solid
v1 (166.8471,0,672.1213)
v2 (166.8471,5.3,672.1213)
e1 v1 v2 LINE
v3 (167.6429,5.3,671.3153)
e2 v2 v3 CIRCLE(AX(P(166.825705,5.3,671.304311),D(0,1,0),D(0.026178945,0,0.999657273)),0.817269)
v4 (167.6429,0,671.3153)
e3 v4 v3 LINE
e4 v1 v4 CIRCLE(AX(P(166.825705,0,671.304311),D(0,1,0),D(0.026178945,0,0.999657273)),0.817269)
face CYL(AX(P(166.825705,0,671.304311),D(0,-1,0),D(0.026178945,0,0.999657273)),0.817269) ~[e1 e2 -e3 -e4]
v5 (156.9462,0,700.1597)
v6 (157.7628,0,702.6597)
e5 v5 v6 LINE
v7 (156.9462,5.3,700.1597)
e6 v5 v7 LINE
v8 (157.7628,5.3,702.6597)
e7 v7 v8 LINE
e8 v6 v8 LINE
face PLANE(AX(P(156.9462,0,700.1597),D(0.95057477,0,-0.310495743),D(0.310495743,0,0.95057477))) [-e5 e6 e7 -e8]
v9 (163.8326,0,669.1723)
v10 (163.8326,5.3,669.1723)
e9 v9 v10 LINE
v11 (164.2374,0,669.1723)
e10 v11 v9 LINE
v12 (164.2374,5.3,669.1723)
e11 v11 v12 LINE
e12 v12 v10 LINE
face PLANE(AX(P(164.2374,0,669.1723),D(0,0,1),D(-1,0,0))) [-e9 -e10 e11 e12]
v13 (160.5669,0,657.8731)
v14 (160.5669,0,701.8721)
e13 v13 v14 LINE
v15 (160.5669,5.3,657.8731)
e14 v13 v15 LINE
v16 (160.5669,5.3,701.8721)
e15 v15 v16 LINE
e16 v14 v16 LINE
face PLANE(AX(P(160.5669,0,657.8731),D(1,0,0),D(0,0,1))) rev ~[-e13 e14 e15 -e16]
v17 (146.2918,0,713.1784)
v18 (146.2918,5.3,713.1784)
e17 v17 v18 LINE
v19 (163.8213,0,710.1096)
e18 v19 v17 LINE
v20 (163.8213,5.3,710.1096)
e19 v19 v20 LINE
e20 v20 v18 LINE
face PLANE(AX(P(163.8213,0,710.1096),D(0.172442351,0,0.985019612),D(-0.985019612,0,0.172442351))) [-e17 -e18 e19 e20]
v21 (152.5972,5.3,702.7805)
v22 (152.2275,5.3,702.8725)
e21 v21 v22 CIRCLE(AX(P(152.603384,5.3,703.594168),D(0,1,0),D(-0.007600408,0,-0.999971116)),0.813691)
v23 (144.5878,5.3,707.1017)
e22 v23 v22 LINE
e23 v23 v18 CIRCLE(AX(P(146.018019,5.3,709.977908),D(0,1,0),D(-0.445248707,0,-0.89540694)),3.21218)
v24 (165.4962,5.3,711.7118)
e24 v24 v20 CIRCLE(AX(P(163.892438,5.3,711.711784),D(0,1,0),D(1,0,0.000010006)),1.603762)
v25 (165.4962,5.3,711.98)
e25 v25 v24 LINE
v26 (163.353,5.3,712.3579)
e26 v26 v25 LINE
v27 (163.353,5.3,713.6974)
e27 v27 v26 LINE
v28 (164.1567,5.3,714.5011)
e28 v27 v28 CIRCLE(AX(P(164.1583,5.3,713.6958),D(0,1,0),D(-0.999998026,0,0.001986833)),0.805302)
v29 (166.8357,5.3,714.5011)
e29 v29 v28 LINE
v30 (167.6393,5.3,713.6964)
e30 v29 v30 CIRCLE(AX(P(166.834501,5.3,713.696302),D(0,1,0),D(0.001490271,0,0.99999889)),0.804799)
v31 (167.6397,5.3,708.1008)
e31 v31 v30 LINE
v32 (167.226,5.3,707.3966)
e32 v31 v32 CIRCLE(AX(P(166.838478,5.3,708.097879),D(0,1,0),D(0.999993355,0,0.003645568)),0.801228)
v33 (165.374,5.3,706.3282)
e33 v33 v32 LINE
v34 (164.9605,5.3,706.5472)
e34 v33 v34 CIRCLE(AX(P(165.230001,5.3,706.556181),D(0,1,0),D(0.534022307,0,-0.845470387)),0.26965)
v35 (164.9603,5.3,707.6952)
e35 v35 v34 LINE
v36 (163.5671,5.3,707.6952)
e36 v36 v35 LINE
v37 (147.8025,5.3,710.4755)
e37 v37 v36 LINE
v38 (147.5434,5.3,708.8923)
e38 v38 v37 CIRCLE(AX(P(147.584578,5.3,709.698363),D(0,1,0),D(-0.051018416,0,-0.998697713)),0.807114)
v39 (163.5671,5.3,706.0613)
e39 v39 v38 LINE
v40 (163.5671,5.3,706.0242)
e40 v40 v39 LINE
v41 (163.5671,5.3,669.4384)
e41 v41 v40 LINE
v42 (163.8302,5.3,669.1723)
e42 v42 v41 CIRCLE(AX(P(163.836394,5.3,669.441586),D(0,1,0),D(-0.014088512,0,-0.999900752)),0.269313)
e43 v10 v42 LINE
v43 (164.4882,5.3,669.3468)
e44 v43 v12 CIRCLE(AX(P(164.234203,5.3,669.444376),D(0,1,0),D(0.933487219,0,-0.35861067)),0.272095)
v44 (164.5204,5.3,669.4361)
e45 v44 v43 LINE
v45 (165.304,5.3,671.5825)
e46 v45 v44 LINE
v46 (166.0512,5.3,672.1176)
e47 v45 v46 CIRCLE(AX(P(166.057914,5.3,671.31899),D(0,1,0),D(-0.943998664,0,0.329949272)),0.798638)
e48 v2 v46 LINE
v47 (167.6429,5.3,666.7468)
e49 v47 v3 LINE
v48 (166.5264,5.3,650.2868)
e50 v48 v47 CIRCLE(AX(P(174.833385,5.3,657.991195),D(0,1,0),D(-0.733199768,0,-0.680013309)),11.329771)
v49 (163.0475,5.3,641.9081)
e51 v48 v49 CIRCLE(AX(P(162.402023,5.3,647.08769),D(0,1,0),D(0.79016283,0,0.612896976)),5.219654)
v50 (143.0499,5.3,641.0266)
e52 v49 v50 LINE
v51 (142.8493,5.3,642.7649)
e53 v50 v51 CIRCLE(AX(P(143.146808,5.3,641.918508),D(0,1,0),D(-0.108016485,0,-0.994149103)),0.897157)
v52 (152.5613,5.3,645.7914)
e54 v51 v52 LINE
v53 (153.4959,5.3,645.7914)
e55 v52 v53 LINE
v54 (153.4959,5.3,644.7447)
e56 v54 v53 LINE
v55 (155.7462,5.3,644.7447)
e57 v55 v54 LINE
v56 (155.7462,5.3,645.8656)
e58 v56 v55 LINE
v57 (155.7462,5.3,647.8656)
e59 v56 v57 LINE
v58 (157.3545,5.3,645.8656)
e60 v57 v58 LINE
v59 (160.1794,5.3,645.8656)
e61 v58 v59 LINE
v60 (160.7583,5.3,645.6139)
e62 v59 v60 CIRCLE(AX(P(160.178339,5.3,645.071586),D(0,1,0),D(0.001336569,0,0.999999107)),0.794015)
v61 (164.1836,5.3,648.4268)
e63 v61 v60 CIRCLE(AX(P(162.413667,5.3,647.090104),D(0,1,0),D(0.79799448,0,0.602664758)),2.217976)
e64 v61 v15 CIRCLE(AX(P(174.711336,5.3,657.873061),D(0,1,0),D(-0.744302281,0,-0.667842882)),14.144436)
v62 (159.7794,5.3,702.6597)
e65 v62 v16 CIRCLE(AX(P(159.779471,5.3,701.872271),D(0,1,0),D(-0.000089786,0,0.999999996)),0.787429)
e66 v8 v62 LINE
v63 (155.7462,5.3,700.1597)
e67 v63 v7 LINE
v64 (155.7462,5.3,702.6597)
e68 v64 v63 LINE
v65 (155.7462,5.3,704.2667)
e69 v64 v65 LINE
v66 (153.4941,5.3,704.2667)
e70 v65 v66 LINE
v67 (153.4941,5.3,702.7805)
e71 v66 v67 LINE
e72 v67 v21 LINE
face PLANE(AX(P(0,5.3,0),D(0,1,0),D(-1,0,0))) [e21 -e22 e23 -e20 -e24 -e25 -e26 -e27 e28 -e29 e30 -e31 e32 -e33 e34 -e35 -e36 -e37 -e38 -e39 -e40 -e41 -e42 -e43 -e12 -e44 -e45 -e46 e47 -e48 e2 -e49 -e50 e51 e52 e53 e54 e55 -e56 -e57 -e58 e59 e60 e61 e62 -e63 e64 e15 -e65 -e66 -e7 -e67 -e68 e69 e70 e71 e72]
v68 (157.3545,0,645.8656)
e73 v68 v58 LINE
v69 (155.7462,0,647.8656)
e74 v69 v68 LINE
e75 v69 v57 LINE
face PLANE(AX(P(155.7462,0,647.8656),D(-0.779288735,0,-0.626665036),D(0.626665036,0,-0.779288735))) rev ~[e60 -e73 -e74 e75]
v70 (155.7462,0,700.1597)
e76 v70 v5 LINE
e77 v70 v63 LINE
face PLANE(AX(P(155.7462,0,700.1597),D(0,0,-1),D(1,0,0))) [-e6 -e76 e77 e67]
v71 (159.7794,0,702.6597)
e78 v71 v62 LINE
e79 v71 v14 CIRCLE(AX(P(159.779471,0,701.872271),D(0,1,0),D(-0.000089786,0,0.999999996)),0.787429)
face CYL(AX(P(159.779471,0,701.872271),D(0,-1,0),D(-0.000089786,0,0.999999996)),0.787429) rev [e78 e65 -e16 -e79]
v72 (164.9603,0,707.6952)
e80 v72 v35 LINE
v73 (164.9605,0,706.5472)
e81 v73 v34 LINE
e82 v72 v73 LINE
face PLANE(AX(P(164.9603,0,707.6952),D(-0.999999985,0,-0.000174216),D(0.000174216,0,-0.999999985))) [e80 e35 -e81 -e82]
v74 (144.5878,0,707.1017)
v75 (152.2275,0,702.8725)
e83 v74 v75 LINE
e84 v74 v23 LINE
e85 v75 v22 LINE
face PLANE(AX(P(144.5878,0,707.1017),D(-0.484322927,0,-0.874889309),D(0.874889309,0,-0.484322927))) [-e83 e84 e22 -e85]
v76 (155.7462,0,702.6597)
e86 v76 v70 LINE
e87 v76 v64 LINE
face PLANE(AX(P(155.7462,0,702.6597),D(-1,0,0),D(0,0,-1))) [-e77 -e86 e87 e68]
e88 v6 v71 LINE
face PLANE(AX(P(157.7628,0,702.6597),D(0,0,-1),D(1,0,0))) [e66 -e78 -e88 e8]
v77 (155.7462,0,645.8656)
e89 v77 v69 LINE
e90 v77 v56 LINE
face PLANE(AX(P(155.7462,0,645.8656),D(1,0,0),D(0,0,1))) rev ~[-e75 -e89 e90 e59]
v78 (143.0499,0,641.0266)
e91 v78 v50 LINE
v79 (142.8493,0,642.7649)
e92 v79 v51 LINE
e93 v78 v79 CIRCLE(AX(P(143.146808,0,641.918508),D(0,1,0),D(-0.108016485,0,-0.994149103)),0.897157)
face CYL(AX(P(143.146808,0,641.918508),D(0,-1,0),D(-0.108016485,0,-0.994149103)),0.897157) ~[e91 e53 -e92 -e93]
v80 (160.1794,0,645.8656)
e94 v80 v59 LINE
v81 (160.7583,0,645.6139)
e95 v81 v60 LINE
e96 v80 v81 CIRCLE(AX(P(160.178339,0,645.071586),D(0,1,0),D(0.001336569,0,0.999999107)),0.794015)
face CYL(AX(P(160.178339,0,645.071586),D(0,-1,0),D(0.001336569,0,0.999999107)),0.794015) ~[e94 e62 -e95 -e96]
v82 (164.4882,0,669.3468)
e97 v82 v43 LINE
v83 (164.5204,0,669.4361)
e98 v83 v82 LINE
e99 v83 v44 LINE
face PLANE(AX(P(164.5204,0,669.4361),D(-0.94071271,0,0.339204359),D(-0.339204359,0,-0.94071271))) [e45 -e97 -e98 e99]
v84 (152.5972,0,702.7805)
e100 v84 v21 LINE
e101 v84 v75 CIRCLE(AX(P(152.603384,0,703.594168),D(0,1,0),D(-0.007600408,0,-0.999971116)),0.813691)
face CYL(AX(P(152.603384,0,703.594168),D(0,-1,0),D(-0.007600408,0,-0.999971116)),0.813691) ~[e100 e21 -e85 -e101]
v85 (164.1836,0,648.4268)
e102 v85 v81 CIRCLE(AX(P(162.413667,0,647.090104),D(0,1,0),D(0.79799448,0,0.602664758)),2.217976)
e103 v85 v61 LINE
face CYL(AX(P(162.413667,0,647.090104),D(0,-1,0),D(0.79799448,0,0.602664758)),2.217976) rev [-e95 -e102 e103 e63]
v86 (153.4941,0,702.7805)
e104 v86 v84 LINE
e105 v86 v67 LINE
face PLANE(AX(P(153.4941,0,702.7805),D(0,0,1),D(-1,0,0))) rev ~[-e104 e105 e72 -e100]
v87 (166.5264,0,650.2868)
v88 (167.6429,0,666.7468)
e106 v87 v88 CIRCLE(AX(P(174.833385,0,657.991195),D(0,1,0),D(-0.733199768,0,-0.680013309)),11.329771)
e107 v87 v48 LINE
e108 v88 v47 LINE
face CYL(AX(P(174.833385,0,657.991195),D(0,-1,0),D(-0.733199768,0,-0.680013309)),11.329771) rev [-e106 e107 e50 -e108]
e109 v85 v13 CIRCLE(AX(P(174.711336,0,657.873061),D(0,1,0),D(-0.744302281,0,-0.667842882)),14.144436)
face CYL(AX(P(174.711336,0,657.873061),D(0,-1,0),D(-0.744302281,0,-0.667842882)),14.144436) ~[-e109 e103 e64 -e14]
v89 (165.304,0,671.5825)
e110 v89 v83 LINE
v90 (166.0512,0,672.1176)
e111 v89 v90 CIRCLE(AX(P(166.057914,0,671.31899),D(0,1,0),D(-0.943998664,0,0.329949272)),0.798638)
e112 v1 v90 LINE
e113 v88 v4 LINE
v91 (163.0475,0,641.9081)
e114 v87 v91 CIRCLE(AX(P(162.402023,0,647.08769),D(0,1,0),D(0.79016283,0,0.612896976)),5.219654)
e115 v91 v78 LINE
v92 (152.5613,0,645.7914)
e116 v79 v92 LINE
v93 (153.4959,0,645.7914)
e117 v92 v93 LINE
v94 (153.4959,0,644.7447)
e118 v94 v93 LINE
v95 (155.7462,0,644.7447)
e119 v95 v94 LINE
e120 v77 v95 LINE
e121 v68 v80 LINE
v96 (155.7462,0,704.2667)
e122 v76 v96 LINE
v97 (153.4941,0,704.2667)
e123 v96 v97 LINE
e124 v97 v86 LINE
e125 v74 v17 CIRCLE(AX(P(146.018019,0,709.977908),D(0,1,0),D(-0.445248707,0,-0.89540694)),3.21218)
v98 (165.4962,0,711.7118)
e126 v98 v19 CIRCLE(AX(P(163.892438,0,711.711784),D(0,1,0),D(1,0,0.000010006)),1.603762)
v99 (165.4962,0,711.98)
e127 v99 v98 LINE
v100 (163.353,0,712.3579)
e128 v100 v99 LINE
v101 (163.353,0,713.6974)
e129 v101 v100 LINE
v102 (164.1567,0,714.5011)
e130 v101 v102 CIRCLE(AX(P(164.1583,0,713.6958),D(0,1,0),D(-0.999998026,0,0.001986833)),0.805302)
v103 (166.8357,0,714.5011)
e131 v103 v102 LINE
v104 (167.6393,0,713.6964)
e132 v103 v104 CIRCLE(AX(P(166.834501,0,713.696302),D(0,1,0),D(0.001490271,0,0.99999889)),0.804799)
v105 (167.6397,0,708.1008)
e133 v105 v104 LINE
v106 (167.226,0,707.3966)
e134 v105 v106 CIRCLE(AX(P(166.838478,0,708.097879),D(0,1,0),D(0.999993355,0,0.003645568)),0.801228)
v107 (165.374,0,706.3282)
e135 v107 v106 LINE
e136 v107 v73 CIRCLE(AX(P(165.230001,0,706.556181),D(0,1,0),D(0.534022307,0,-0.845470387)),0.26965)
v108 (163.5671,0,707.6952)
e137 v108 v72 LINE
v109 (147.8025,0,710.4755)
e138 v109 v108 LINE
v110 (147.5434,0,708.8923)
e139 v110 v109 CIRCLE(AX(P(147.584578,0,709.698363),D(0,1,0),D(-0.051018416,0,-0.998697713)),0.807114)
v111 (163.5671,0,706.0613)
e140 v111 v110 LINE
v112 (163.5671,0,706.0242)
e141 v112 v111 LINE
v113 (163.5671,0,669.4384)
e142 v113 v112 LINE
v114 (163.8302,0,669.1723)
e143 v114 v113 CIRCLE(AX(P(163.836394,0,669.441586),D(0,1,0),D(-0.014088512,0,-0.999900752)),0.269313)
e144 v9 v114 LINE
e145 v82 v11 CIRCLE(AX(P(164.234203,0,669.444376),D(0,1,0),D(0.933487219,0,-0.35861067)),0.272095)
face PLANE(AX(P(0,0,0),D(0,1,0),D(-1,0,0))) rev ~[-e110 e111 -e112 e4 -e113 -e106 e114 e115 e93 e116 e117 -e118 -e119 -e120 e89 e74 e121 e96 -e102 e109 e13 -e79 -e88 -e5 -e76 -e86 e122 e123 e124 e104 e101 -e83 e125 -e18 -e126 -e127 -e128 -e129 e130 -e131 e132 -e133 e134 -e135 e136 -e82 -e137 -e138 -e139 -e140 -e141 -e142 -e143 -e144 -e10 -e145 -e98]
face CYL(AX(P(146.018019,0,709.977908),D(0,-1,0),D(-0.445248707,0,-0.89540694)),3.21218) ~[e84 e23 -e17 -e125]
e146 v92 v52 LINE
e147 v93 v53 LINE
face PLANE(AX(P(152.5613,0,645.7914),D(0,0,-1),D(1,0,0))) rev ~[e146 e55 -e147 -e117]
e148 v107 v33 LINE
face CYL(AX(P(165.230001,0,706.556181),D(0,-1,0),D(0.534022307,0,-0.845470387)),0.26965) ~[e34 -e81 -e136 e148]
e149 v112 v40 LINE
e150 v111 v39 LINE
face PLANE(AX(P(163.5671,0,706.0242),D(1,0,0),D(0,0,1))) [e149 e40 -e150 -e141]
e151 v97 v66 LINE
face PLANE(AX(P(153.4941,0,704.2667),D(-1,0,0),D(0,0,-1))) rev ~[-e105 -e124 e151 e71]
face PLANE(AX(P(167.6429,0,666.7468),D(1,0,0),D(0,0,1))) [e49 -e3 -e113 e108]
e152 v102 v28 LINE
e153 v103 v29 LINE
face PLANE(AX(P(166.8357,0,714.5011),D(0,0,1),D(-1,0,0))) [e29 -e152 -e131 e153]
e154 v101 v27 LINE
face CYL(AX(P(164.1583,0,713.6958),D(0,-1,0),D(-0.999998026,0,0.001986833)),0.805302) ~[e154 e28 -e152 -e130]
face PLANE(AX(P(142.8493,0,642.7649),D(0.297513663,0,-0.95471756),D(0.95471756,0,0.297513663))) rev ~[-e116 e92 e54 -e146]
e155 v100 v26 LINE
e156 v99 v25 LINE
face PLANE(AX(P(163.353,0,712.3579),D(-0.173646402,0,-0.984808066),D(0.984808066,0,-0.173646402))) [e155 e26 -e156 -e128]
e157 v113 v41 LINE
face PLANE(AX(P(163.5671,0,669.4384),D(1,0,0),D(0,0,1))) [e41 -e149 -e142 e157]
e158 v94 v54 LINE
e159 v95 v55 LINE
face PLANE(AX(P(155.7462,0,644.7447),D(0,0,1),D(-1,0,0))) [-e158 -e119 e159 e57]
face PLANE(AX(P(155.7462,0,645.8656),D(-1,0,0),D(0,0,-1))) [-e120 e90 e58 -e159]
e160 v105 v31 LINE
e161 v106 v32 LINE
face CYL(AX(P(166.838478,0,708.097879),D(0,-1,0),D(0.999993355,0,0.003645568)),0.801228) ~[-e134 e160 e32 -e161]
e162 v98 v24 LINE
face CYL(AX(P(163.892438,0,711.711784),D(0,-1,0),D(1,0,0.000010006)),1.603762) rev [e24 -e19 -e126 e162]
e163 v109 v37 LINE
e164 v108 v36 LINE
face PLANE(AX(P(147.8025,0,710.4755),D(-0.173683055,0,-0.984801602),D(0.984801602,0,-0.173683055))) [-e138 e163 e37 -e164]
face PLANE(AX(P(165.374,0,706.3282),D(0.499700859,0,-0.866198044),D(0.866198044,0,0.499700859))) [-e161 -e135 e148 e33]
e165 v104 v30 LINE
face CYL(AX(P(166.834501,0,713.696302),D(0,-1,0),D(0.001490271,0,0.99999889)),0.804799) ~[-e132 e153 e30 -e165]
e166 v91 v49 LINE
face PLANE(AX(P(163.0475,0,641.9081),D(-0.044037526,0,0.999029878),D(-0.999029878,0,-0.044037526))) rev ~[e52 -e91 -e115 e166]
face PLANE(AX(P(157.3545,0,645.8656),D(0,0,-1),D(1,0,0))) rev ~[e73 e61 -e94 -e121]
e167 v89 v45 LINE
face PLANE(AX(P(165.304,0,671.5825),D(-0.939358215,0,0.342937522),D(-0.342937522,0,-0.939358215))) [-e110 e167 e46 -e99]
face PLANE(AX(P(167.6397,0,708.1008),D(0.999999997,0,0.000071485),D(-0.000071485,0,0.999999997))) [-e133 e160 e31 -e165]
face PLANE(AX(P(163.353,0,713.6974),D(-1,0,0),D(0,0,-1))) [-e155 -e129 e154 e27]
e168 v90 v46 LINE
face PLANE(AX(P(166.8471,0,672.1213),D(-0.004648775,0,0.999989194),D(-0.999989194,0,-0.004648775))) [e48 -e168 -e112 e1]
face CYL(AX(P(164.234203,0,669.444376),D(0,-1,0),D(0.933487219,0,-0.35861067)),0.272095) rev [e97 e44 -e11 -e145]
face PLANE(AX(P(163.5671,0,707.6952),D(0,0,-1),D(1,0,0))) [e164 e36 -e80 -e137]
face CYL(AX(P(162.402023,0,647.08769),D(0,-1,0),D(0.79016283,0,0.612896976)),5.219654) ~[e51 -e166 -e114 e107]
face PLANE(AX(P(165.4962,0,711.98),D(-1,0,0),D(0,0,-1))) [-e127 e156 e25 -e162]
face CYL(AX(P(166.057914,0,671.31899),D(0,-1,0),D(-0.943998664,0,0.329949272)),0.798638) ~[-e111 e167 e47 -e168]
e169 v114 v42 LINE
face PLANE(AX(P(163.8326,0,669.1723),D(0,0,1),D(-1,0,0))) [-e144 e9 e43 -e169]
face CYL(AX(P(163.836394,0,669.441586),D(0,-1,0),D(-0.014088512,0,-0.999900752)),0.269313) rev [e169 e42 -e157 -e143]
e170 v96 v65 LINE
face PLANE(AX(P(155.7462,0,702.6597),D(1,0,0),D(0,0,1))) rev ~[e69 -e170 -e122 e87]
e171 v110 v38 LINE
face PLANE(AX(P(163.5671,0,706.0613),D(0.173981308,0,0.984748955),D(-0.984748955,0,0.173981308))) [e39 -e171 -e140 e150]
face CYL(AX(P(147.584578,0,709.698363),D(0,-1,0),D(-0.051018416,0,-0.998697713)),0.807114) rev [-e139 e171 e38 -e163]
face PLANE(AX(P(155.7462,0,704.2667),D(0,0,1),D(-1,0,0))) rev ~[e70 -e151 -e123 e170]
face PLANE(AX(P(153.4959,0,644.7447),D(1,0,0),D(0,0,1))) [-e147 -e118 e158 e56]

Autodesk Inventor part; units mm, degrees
ref_plane "YZ Plane" through (0, 0, 0) normal (1, 0, 0) x (0, 1, 0)
ref_plane "XZ Plane" through (0, 0, 0) normal (0, 1, 0) x (-1, 0, 0)
ref_plane "XY Plane" through (0, 0, 0) normal (0, 0, 1) x (1, 0, 0)
sketch "Sketch1" plane through (0, 0, 0) normal (0, 1, 0) x (-1, 0, 0)
  arc A0 (-159.7794, 702.6597) -> (-160.5669, 701.8721) centre (-159.7794, 701.8721) ccw
  line L0 (-155.7462, 702.6597) -> (-155.7462, 704.2667)
  line L1 (-155.7462, 704.2667) -> (-153.4941, 704.2667)
  line L2 (-153.4941, 704.2667) -> (-153.4941, 702.7805)
  line L3 (-153.4941, 702.7805) -> (-152.5972, 702.7805)
  arc A1 (-164.1836, 648.4268) -> (-160.5669, 657.8731) centre (-174.7114, 657.8731) ccw
  line L4 (-160.5669, 657.8731) -> (-160.5669, 701.8721)
  arc A2 (-160.1794, 645.8656) -> (-160.7583, 645.6139) centre (-160.1783, 645.0714) ccw
  arc A3 (-164.1836, 648.4268) -> (-160.7583, 645.6139) centre (-162.4137, 647.0901) ccw
  line L5 (-155.7462, 645.8656) -> (-155.7462, 644.7447)
  line L6 (-155.7462, 644.7447) -> (-153.4959, 644.7447)
  line L7 (-153.4959, 644.7447) -> (-153.4959, 645.7914)
  arc A4 (-143.0499, 641.0266) -> (-142.8493, 642.7649) centre (-143.1468, 641.9185) ccw
  line L8 (-163.0475, 641.9081) -> (-143.0499, 641.0266)
  arc A5 (-166.5264, 650.2868) -> (-163.0475, 641.9081) centre (-162.4021, 647.0877) ccw
  arc A6 (-166.5264, 650.2868) -> (-167.6429, 666.7468) centre (-174.8334, 657.9912) ccw
  line L9 (-167.6429, 666.7468) -> (-167.6429, 671.3153)
  arc A7 (-166.8471, 672.1213) -> (-167.6429, 671.3153) centre (-166.8257, 671.3043) ccw
  line L10 (-166.8471, 672.1213) -> (-166.0512, 672.1176)
  arc A8 (-165.304, 671.5825) -> (-166.0512, 672.1176) centre (-166.0579, 671.319) ccw
  line L11 (-165.304, 671.5825) -> (-164.5204, 669.4361)
  line L12 (-164.5204, 669.4361) -> (-164.4882, 669.3468)
  arc A9 (-164.4882, 669.3468) -> (-164.2374, 669.1723) centre (-164.2343, 669.4443) ccw
  line L13 (-164.2374, 669.1723) -> (-163.8302, 669.1723)
  arc A10 (-163.8326, 669.1723) -> (-163.5671, 669.4384) centre (-163.8364, 669.4416) ccw
  line L14 (-163.5671, 669.4384) -> (-163.5671, 706.0242)
  line L15 (-163.5671, 706.0242) -> (-163.5671, 706.0613)
  line L16 (-163.5671, 706.0613) -> (-147.5434, 708.8923)
  arc A11 (-147.5434, 708.8923) -> (-147.8025, 710.4755) centre (-147.5845, 709.6983) ccw
  line L17 (-147.8025, 710.4755) -> (-163.5671, 707.6952)
  line L18 (-163.5671, 707.6952) -> (-164.9603, 707.6952)
  line L19 (-164.9603, 707.6952) -> (-164.9605, 706.5472)
  arc A12 (-165.374, 706.3282) -> (-164.9605, 706.5472) centre (-165.23, 706.5562) ccw
  line L20 (-165.374, 706.3282) -> (-167.226, 707.3966)
  arc A13 (-167.6397, 708.1008) -> (-167.226, 707.3966) centre (-166.8384, 708.0979) ccw
  line L21 (-167.6397, 708.1008) -> (-167.6393, 713.6964)
  arc A14 (-166.8357, 714.5011) -> (-167.6393, 713.6964) centre (-166.8345, 713.6963) ccw
  line L22 (-166.8357, 714.5011) -> (-164.1567, 714.5011)
  arc A15 (-163.353, 713.6974) -> (-164.1567, 714.5011) centre (-164.1583, 713.6958) ccw
  line L23 (-163.353, 713.6974) -> (-163.353, 712.3579)
  line L24 (-163.353, 712.3579) -> (-165.4962, 711.98)
  line L25 (-165.4962, 711.98) -> (-165.4962, 711.7118)
  arc A16 (-165.4962, 711.7118) -> (-163.8213, 710.1096) centre (-163.8924, 711.7118) ccw
  line L26 (-163.8213, 710.1096) -> (-146.2918, 713.1784)
  arc A17 (-144.5878, 707.1017) -> (-146.2918, 713.1784) centre (-146.018, 709.9779) ccw
  arc A18 (-152.5972, 702.7805) -> (-152.2275, 702.8725) centre (-152.6033, 703.5935) ccw
  line L27 (-155.7462, 702.6597) -> (-155.7462, 700.1597)
  line L28 (-155.7462, 700.1597) -> (-156.9462, 700.1597)
  line L29 (-156.9462, 700.1597) -> (-157.7628, 702.6597)
  line L30 (-157.7628, 702.6597) -> (-159.7794, 702.6597)
  line L31 (-155.7462, 645.8656) -> (-155.7462, 647.8656)
  line L32 (-155.7462, 647.8656) -> (-157.3545, 645.8656)
  line L33 (-157.3545, 645.8656) -> (-160.1794, 645.8656)
  line L34 (-142.8493, 642.7649) -> (-152.5613, 645.7914)
  line L35 (-144.5878, 707.1017) -> (-152.2275, 702.8725)
  line L36 (-152.5613, 645.7914) -> (-153.4959, 645.7914)
  point P0 (-160.5669, 683.588)
  dimension "d2" = 43.999
  dimension "d3" = 3.0002
  dimension "d6" = 2.5
  dimension "d7" = 1.2
  dimension "d8" = 2
extrude "Extrusion1" add sketch "Sketch1" along normal blind 5.3
properties part number "raspDinClipmmv2"
